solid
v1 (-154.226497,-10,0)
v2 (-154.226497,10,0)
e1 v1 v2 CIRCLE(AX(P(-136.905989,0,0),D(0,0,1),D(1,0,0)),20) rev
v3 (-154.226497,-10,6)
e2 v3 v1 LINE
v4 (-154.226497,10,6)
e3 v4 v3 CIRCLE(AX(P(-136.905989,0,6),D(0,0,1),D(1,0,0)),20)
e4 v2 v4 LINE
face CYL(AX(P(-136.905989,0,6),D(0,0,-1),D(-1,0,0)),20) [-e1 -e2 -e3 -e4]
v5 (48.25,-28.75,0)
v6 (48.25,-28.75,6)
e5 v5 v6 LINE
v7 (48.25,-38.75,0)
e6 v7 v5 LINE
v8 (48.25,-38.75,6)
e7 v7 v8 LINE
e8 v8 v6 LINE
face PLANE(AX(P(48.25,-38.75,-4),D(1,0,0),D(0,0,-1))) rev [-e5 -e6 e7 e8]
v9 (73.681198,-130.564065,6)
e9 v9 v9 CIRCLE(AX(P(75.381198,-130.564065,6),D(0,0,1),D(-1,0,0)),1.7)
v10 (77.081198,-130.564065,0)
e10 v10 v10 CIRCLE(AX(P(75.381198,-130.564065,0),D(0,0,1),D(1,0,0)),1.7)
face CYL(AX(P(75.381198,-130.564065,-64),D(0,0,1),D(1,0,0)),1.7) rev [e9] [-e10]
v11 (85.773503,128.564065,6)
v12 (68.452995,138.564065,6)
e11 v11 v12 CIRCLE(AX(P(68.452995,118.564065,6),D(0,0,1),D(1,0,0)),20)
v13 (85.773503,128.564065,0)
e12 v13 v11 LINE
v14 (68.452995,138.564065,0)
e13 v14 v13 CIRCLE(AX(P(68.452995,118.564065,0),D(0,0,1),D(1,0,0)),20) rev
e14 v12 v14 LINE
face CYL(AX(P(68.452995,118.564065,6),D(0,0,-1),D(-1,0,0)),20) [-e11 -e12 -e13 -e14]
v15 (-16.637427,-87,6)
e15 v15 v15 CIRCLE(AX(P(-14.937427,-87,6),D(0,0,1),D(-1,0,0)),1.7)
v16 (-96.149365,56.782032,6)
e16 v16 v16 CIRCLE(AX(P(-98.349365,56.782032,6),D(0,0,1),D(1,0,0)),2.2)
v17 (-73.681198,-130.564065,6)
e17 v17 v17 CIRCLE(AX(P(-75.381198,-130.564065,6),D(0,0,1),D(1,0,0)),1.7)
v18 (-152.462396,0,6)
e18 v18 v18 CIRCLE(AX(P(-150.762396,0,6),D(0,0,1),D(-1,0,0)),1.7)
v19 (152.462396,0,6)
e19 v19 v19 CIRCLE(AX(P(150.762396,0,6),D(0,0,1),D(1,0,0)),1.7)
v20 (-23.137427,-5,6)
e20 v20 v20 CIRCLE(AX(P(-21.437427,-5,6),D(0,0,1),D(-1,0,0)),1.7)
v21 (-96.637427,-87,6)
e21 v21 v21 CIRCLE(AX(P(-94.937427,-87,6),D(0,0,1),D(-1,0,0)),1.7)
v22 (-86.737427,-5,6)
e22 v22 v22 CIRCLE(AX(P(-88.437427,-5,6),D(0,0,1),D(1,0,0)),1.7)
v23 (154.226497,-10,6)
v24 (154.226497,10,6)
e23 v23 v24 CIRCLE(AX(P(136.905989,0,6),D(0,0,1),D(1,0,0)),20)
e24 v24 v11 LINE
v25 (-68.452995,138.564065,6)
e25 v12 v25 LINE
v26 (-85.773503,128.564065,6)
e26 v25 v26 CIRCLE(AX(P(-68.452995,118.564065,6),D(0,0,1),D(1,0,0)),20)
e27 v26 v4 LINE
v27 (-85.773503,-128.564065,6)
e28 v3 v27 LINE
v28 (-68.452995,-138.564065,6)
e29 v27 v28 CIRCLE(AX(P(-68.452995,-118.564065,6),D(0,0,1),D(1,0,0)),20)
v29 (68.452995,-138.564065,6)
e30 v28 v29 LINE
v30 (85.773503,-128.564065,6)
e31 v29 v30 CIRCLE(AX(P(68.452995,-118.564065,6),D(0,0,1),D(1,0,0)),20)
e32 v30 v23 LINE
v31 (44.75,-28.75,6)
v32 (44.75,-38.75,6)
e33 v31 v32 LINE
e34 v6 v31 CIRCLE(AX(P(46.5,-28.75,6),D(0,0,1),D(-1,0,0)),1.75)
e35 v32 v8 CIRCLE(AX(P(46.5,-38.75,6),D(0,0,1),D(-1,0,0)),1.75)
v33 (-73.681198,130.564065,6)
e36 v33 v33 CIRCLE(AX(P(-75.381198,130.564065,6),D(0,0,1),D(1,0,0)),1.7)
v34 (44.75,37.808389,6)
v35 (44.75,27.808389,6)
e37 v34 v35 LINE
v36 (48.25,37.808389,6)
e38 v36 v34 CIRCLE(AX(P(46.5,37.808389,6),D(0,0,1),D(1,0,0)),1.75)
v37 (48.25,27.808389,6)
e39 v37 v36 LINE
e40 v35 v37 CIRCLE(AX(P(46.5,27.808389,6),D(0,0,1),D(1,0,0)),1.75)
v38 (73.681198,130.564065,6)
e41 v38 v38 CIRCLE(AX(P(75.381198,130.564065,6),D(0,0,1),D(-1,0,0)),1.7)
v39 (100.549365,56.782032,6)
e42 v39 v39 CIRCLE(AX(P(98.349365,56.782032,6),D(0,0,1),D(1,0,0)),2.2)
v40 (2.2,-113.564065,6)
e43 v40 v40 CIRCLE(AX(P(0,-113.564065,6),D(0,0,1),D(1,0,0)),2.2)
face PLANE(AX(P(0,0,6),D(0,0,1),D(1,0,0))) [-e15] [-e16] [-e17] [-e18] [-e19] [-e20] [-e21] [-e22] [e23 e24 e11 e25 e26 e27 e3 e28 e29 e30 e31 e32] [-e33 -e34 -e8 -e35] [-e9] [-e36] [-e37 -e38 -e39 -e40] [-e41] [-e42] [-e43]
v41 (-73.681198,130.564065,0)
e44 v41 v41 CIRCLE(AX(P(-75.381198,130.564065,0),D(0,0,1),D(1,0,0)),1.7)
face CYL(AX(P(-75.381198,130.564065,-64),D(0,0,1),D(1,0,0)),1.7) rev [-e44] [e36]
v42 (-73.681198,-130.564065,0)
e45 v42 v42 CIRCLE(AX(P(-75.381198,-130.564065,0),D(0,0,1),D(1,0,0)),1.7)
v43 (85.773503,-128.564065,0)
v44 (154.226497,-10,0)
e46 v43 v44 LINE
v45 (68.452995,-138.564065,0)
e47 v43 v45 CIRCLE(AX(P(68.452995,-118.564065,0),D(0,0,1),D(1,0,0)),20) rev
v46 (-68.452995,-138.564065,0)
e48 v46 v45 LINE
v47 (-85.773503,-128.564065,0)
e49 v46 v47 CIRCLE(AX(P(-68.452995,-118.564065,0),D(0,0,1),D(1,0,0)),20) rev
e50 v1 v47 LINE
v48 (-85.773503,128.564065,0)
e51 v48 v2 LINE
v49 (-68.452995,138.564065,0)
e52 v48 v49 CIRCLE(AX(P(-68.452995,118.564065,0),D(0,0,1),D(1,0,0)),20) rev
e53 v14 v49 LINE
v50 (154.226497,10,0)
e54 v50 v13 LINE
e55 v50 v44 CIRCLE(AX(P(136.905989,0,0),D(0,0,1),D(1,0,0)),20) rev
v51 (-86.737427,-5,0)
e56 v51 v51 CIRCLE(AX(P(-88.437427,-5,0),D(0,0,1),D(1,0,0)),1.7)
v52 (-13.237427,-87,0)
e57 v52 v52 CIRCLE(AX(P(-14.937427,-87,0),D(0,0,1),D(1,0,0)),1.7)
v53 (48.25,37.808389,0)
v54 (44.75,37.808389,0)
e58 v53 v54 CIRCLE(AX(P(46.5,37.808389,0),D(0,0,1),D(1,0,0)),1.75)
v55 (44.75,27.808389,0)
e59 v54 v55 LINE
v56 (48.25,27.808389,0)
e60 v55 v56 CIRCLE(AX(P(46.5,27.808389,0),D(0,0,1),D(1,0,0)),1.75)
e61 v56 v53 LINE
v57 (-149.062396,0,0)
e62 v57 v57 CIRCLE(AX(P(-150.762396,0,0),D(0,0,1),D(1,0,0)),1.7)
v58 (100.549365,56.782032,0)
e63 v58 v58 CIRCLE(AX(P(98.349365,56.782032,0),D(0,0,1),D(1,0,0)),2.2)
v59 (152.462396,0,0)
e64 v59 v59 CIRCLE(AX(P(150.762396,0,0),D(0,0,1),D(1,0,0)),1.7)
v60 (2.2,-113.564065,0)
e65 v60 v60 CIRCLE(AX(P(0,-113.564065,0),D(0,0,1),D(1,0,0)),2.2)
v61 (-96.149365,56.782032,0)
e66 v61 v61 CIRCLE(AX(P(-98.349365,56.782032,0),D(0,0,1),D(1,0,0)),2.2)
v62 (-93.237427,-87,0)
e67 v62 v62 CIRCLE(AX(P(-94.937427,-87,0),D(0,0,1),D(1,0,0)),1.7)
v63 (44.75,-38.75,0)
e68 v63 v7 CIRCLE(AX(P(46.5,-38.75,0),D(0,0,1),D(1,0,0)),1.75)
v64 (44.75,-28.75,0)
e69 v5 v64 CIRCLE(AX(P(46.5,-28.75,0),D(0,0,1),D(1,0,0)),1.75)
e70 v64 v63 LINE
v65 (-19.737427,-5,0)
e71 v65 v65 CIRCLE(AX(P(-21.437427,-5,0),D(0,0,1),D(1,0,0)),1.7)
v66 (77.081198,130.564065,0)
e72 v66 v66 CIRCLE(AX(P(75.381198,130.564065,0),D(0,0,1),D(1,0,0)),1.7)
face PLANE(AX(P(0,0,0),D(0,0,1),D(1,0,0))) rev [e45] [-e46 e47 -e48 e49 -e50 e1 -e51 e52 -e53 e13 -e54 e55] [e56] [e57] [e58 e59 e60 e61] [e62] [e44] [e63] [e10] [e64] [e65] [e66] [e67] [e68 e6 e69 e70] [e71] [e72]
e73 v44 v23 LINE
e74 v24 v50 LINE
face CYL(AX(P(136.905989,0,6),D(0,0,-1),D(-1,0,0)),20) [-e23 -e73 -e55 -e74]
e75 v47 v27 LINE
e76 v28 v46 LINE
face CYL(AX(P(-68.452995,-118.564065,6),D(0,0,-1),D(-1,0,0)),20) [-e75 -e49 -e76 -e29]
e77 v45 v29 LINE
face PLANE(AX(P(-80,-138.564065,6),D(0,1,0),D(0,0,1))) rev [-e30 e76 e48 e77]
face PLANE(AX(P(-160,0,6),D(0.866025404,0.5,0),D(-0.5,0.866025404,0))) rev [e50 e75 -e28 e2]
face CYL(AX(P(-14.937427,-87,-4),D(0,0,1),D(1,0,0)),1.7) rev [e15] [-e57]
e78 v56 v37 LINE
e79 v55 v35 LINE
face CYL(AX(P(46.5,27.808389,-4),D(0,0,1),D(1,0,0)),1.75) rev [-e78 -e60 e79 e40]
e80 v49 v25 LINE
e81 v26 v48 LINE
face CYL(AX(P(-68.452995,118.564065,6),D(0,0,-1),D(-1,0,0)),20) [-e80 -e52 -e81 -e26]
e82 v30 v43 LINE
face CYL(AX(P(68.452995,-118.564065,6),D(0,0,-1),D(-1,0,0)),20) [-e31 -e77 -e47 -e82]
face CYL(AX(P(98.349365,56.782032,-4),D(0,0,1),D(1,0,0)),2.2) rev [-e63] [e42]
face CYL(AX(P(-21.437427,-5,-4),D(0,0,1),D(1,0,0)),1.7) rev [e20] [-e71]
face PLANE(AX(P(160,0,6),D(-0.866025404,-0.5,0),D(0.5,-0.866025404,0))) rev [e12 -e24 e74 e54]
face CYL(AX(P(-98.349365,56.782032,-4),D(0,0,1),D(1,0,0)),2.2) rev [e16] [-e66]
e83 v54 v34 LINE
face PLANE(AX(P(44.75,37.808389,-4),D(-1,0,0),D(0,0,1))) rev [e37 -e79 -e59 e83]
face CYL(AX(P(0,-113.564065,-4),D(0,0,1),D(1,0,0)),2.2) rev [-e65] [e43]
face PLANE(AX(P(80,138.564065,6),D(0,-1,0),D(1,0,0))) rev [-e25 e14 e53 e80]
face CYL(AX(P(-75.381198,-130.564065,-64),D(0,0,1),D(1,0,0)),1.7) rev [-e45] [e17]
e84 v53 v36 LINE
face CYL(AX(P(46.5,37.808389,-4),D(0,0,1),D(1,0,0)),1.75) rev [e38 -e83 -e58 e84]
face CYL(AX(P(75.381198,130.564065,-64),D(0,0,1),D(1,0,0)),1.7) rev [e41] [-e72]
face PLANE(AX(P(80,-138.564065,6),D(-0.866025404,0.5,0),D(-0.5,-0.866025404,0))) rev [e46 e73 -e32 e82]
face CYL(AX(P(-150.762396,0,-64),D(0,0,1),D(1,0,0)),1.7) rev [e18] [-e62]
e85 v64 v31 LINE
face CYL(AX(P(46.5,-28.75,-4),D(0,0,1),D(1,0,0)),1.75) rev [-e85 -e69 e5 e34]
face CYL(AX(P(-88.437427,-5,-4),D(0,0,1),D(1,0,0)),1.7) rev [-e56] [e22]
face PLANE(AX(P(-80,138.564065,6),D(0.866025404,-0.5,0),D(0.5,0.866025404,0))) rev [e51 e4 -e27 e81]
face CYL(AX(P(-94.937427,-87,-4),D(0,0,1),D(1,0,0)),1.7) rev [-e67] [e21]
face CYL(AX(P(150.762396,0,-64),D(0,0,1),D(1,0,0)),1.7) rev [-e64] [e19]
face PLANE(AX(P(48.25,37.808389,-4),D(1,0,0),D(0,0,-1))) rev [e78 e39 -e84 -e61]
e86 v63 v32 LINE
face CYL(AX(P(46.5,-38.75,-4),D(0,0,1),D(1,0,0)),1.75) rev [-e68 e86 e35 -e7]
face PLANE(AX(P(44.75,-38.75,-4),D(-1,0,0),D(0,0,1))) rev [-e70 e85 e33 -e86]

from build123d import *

# Parameters (mm, degrees)
BOSS_EXTRUDE1_DEPTH = 6
FILLET1_R           = 20
SKETCH9_R           = 1.7
CUT_EXTRUDE7_DEPTH  = 70
SKETCH10_R          = 1.7
CUT_EXTRUDE8_DEPTH  = 10
CUT_EXTRUDE9_DEPTH  = 10
SKETCH12_R          = 2.2
CUT_EXTRUDE10_DEPTH = 10


with BuildPart() as part:
    # Sketch1 → Boss-Extrude1 (new body)
    with BuildSketch(Plane.XY):
        Polygon((80, 138.564064606), (-80, 138.564064606), (-160, 0), (-80, -138.564064606), (80, -138.564064606), (160, 0), align=None)
    extrude(amount=BOSS_EXTRUDE1_DEPTH)

    # Fillet1
    fillet1_edges = [part.edges().sort_by_distance(p)[0] for p in [
        (160, 0, 3),
        (80, -138.564064606, 3),
        (-80, -138.564064606, 3),
        (-160, 0, 3),
        (-80, 138.564064606, 3),
        (80, 138.564064606, 3),
    ]]
    fillet(fillet1_edges, radius=FILLET1_R)

    # Sketch9 → Cut-Extrude7 (cut)
    with BuildSketch(Plane.XY.offset(6)):
        with Locations((-75.381197846, -130.564064606)):
            Circle(SKETCH9_R)
        with Locations((75.381197846, -130.564064606)):
            Circle(SKETCH9_R)
        with Locations((-75.381197846, 130.564064606)):
            Circle(SKETCH9_R)
        with Locations((-150.762395693, 0)):
            Circle(SKETCH9_R)
        with Locations((150.762395693, 0)):
            Circle(SKETCH9_R)
        with Locations((75.381197846, 130.564064606)):
            Circle(SKETCH9_R)
    extrude(amount=-CUT_EXTRUDE7_DEPTH, mode=Mode.SUBTRACT)

    # Sketch10 → Cut-Extrude8 (cut)
    with BuildSketch(Plane.XY.offset(6)):
        with Locations((-88.437426954, -5)):
            Circle(SKETCH10_R)
        with Locations((-21.437426954, -5)):
            Circle(SKETCH10_R)
        with Locations((-14.937426954, -87)):
            Circle(SKETCH10_R)
        with Locations((-94.937426954, -87)):
            Circle(SKETCH10_R)
    extrude(amount=-CUT_EXTRUDE8_DEPTH, mode=Mode.SUBTRACT)

    # Sketch11 → Cut-Extrude9 (cut)
    with BuildSketch(Plane.XY.offset(6)):
        with BuildLine():
            Line((48.25, 37.808388537), (48.25, 27.808388537))
            ThreePointArc((48.25, 27.808388537), (46.5, 26.058388537), (44.75, 27.808388537))
            Line((44.75, 27.808388537), (44.75, 37.808388537))
            ThreePointArc((44.75, 37.808388537), (46.5, 39.558388537), (48.25, 37.808388537))
        make_face()
        with BuildLine():
            Line((48.25, -38.75), (48.25, -28.75))
            ThreePointArc((48.25, -28.75), (46.5, -27), (44.75, -28.75))
            Line((44.75, -28.75), (44.75, -38.75))
            ThreePointArc((44.75, -38.75), (46.5, -40.5), (48.25, -38.75))
        make_face()
    extrude(amount=-CUT_EXTRUDE9_DEPTH, mode=Mode.SUBTRACT)

    # Sketch12 → Cut-Extrude10 (cut)
    with BuildSketch(Plane.XY.offset(6)):
        with Locations((0, -113.564064606)):
            Circle(SKETCH12_R)
        with Locations((-98.349364905, 56.782032303)):
            Circle(SKETCH12_R)
        with Locations((98.349364905, 56.782032303)):
            Circle(SKETCH12_R)
    extrude(amount=-CUT_EXTRUDE10_DEPTH, mode=Mode.SUBTRACT)


solid = part.part
